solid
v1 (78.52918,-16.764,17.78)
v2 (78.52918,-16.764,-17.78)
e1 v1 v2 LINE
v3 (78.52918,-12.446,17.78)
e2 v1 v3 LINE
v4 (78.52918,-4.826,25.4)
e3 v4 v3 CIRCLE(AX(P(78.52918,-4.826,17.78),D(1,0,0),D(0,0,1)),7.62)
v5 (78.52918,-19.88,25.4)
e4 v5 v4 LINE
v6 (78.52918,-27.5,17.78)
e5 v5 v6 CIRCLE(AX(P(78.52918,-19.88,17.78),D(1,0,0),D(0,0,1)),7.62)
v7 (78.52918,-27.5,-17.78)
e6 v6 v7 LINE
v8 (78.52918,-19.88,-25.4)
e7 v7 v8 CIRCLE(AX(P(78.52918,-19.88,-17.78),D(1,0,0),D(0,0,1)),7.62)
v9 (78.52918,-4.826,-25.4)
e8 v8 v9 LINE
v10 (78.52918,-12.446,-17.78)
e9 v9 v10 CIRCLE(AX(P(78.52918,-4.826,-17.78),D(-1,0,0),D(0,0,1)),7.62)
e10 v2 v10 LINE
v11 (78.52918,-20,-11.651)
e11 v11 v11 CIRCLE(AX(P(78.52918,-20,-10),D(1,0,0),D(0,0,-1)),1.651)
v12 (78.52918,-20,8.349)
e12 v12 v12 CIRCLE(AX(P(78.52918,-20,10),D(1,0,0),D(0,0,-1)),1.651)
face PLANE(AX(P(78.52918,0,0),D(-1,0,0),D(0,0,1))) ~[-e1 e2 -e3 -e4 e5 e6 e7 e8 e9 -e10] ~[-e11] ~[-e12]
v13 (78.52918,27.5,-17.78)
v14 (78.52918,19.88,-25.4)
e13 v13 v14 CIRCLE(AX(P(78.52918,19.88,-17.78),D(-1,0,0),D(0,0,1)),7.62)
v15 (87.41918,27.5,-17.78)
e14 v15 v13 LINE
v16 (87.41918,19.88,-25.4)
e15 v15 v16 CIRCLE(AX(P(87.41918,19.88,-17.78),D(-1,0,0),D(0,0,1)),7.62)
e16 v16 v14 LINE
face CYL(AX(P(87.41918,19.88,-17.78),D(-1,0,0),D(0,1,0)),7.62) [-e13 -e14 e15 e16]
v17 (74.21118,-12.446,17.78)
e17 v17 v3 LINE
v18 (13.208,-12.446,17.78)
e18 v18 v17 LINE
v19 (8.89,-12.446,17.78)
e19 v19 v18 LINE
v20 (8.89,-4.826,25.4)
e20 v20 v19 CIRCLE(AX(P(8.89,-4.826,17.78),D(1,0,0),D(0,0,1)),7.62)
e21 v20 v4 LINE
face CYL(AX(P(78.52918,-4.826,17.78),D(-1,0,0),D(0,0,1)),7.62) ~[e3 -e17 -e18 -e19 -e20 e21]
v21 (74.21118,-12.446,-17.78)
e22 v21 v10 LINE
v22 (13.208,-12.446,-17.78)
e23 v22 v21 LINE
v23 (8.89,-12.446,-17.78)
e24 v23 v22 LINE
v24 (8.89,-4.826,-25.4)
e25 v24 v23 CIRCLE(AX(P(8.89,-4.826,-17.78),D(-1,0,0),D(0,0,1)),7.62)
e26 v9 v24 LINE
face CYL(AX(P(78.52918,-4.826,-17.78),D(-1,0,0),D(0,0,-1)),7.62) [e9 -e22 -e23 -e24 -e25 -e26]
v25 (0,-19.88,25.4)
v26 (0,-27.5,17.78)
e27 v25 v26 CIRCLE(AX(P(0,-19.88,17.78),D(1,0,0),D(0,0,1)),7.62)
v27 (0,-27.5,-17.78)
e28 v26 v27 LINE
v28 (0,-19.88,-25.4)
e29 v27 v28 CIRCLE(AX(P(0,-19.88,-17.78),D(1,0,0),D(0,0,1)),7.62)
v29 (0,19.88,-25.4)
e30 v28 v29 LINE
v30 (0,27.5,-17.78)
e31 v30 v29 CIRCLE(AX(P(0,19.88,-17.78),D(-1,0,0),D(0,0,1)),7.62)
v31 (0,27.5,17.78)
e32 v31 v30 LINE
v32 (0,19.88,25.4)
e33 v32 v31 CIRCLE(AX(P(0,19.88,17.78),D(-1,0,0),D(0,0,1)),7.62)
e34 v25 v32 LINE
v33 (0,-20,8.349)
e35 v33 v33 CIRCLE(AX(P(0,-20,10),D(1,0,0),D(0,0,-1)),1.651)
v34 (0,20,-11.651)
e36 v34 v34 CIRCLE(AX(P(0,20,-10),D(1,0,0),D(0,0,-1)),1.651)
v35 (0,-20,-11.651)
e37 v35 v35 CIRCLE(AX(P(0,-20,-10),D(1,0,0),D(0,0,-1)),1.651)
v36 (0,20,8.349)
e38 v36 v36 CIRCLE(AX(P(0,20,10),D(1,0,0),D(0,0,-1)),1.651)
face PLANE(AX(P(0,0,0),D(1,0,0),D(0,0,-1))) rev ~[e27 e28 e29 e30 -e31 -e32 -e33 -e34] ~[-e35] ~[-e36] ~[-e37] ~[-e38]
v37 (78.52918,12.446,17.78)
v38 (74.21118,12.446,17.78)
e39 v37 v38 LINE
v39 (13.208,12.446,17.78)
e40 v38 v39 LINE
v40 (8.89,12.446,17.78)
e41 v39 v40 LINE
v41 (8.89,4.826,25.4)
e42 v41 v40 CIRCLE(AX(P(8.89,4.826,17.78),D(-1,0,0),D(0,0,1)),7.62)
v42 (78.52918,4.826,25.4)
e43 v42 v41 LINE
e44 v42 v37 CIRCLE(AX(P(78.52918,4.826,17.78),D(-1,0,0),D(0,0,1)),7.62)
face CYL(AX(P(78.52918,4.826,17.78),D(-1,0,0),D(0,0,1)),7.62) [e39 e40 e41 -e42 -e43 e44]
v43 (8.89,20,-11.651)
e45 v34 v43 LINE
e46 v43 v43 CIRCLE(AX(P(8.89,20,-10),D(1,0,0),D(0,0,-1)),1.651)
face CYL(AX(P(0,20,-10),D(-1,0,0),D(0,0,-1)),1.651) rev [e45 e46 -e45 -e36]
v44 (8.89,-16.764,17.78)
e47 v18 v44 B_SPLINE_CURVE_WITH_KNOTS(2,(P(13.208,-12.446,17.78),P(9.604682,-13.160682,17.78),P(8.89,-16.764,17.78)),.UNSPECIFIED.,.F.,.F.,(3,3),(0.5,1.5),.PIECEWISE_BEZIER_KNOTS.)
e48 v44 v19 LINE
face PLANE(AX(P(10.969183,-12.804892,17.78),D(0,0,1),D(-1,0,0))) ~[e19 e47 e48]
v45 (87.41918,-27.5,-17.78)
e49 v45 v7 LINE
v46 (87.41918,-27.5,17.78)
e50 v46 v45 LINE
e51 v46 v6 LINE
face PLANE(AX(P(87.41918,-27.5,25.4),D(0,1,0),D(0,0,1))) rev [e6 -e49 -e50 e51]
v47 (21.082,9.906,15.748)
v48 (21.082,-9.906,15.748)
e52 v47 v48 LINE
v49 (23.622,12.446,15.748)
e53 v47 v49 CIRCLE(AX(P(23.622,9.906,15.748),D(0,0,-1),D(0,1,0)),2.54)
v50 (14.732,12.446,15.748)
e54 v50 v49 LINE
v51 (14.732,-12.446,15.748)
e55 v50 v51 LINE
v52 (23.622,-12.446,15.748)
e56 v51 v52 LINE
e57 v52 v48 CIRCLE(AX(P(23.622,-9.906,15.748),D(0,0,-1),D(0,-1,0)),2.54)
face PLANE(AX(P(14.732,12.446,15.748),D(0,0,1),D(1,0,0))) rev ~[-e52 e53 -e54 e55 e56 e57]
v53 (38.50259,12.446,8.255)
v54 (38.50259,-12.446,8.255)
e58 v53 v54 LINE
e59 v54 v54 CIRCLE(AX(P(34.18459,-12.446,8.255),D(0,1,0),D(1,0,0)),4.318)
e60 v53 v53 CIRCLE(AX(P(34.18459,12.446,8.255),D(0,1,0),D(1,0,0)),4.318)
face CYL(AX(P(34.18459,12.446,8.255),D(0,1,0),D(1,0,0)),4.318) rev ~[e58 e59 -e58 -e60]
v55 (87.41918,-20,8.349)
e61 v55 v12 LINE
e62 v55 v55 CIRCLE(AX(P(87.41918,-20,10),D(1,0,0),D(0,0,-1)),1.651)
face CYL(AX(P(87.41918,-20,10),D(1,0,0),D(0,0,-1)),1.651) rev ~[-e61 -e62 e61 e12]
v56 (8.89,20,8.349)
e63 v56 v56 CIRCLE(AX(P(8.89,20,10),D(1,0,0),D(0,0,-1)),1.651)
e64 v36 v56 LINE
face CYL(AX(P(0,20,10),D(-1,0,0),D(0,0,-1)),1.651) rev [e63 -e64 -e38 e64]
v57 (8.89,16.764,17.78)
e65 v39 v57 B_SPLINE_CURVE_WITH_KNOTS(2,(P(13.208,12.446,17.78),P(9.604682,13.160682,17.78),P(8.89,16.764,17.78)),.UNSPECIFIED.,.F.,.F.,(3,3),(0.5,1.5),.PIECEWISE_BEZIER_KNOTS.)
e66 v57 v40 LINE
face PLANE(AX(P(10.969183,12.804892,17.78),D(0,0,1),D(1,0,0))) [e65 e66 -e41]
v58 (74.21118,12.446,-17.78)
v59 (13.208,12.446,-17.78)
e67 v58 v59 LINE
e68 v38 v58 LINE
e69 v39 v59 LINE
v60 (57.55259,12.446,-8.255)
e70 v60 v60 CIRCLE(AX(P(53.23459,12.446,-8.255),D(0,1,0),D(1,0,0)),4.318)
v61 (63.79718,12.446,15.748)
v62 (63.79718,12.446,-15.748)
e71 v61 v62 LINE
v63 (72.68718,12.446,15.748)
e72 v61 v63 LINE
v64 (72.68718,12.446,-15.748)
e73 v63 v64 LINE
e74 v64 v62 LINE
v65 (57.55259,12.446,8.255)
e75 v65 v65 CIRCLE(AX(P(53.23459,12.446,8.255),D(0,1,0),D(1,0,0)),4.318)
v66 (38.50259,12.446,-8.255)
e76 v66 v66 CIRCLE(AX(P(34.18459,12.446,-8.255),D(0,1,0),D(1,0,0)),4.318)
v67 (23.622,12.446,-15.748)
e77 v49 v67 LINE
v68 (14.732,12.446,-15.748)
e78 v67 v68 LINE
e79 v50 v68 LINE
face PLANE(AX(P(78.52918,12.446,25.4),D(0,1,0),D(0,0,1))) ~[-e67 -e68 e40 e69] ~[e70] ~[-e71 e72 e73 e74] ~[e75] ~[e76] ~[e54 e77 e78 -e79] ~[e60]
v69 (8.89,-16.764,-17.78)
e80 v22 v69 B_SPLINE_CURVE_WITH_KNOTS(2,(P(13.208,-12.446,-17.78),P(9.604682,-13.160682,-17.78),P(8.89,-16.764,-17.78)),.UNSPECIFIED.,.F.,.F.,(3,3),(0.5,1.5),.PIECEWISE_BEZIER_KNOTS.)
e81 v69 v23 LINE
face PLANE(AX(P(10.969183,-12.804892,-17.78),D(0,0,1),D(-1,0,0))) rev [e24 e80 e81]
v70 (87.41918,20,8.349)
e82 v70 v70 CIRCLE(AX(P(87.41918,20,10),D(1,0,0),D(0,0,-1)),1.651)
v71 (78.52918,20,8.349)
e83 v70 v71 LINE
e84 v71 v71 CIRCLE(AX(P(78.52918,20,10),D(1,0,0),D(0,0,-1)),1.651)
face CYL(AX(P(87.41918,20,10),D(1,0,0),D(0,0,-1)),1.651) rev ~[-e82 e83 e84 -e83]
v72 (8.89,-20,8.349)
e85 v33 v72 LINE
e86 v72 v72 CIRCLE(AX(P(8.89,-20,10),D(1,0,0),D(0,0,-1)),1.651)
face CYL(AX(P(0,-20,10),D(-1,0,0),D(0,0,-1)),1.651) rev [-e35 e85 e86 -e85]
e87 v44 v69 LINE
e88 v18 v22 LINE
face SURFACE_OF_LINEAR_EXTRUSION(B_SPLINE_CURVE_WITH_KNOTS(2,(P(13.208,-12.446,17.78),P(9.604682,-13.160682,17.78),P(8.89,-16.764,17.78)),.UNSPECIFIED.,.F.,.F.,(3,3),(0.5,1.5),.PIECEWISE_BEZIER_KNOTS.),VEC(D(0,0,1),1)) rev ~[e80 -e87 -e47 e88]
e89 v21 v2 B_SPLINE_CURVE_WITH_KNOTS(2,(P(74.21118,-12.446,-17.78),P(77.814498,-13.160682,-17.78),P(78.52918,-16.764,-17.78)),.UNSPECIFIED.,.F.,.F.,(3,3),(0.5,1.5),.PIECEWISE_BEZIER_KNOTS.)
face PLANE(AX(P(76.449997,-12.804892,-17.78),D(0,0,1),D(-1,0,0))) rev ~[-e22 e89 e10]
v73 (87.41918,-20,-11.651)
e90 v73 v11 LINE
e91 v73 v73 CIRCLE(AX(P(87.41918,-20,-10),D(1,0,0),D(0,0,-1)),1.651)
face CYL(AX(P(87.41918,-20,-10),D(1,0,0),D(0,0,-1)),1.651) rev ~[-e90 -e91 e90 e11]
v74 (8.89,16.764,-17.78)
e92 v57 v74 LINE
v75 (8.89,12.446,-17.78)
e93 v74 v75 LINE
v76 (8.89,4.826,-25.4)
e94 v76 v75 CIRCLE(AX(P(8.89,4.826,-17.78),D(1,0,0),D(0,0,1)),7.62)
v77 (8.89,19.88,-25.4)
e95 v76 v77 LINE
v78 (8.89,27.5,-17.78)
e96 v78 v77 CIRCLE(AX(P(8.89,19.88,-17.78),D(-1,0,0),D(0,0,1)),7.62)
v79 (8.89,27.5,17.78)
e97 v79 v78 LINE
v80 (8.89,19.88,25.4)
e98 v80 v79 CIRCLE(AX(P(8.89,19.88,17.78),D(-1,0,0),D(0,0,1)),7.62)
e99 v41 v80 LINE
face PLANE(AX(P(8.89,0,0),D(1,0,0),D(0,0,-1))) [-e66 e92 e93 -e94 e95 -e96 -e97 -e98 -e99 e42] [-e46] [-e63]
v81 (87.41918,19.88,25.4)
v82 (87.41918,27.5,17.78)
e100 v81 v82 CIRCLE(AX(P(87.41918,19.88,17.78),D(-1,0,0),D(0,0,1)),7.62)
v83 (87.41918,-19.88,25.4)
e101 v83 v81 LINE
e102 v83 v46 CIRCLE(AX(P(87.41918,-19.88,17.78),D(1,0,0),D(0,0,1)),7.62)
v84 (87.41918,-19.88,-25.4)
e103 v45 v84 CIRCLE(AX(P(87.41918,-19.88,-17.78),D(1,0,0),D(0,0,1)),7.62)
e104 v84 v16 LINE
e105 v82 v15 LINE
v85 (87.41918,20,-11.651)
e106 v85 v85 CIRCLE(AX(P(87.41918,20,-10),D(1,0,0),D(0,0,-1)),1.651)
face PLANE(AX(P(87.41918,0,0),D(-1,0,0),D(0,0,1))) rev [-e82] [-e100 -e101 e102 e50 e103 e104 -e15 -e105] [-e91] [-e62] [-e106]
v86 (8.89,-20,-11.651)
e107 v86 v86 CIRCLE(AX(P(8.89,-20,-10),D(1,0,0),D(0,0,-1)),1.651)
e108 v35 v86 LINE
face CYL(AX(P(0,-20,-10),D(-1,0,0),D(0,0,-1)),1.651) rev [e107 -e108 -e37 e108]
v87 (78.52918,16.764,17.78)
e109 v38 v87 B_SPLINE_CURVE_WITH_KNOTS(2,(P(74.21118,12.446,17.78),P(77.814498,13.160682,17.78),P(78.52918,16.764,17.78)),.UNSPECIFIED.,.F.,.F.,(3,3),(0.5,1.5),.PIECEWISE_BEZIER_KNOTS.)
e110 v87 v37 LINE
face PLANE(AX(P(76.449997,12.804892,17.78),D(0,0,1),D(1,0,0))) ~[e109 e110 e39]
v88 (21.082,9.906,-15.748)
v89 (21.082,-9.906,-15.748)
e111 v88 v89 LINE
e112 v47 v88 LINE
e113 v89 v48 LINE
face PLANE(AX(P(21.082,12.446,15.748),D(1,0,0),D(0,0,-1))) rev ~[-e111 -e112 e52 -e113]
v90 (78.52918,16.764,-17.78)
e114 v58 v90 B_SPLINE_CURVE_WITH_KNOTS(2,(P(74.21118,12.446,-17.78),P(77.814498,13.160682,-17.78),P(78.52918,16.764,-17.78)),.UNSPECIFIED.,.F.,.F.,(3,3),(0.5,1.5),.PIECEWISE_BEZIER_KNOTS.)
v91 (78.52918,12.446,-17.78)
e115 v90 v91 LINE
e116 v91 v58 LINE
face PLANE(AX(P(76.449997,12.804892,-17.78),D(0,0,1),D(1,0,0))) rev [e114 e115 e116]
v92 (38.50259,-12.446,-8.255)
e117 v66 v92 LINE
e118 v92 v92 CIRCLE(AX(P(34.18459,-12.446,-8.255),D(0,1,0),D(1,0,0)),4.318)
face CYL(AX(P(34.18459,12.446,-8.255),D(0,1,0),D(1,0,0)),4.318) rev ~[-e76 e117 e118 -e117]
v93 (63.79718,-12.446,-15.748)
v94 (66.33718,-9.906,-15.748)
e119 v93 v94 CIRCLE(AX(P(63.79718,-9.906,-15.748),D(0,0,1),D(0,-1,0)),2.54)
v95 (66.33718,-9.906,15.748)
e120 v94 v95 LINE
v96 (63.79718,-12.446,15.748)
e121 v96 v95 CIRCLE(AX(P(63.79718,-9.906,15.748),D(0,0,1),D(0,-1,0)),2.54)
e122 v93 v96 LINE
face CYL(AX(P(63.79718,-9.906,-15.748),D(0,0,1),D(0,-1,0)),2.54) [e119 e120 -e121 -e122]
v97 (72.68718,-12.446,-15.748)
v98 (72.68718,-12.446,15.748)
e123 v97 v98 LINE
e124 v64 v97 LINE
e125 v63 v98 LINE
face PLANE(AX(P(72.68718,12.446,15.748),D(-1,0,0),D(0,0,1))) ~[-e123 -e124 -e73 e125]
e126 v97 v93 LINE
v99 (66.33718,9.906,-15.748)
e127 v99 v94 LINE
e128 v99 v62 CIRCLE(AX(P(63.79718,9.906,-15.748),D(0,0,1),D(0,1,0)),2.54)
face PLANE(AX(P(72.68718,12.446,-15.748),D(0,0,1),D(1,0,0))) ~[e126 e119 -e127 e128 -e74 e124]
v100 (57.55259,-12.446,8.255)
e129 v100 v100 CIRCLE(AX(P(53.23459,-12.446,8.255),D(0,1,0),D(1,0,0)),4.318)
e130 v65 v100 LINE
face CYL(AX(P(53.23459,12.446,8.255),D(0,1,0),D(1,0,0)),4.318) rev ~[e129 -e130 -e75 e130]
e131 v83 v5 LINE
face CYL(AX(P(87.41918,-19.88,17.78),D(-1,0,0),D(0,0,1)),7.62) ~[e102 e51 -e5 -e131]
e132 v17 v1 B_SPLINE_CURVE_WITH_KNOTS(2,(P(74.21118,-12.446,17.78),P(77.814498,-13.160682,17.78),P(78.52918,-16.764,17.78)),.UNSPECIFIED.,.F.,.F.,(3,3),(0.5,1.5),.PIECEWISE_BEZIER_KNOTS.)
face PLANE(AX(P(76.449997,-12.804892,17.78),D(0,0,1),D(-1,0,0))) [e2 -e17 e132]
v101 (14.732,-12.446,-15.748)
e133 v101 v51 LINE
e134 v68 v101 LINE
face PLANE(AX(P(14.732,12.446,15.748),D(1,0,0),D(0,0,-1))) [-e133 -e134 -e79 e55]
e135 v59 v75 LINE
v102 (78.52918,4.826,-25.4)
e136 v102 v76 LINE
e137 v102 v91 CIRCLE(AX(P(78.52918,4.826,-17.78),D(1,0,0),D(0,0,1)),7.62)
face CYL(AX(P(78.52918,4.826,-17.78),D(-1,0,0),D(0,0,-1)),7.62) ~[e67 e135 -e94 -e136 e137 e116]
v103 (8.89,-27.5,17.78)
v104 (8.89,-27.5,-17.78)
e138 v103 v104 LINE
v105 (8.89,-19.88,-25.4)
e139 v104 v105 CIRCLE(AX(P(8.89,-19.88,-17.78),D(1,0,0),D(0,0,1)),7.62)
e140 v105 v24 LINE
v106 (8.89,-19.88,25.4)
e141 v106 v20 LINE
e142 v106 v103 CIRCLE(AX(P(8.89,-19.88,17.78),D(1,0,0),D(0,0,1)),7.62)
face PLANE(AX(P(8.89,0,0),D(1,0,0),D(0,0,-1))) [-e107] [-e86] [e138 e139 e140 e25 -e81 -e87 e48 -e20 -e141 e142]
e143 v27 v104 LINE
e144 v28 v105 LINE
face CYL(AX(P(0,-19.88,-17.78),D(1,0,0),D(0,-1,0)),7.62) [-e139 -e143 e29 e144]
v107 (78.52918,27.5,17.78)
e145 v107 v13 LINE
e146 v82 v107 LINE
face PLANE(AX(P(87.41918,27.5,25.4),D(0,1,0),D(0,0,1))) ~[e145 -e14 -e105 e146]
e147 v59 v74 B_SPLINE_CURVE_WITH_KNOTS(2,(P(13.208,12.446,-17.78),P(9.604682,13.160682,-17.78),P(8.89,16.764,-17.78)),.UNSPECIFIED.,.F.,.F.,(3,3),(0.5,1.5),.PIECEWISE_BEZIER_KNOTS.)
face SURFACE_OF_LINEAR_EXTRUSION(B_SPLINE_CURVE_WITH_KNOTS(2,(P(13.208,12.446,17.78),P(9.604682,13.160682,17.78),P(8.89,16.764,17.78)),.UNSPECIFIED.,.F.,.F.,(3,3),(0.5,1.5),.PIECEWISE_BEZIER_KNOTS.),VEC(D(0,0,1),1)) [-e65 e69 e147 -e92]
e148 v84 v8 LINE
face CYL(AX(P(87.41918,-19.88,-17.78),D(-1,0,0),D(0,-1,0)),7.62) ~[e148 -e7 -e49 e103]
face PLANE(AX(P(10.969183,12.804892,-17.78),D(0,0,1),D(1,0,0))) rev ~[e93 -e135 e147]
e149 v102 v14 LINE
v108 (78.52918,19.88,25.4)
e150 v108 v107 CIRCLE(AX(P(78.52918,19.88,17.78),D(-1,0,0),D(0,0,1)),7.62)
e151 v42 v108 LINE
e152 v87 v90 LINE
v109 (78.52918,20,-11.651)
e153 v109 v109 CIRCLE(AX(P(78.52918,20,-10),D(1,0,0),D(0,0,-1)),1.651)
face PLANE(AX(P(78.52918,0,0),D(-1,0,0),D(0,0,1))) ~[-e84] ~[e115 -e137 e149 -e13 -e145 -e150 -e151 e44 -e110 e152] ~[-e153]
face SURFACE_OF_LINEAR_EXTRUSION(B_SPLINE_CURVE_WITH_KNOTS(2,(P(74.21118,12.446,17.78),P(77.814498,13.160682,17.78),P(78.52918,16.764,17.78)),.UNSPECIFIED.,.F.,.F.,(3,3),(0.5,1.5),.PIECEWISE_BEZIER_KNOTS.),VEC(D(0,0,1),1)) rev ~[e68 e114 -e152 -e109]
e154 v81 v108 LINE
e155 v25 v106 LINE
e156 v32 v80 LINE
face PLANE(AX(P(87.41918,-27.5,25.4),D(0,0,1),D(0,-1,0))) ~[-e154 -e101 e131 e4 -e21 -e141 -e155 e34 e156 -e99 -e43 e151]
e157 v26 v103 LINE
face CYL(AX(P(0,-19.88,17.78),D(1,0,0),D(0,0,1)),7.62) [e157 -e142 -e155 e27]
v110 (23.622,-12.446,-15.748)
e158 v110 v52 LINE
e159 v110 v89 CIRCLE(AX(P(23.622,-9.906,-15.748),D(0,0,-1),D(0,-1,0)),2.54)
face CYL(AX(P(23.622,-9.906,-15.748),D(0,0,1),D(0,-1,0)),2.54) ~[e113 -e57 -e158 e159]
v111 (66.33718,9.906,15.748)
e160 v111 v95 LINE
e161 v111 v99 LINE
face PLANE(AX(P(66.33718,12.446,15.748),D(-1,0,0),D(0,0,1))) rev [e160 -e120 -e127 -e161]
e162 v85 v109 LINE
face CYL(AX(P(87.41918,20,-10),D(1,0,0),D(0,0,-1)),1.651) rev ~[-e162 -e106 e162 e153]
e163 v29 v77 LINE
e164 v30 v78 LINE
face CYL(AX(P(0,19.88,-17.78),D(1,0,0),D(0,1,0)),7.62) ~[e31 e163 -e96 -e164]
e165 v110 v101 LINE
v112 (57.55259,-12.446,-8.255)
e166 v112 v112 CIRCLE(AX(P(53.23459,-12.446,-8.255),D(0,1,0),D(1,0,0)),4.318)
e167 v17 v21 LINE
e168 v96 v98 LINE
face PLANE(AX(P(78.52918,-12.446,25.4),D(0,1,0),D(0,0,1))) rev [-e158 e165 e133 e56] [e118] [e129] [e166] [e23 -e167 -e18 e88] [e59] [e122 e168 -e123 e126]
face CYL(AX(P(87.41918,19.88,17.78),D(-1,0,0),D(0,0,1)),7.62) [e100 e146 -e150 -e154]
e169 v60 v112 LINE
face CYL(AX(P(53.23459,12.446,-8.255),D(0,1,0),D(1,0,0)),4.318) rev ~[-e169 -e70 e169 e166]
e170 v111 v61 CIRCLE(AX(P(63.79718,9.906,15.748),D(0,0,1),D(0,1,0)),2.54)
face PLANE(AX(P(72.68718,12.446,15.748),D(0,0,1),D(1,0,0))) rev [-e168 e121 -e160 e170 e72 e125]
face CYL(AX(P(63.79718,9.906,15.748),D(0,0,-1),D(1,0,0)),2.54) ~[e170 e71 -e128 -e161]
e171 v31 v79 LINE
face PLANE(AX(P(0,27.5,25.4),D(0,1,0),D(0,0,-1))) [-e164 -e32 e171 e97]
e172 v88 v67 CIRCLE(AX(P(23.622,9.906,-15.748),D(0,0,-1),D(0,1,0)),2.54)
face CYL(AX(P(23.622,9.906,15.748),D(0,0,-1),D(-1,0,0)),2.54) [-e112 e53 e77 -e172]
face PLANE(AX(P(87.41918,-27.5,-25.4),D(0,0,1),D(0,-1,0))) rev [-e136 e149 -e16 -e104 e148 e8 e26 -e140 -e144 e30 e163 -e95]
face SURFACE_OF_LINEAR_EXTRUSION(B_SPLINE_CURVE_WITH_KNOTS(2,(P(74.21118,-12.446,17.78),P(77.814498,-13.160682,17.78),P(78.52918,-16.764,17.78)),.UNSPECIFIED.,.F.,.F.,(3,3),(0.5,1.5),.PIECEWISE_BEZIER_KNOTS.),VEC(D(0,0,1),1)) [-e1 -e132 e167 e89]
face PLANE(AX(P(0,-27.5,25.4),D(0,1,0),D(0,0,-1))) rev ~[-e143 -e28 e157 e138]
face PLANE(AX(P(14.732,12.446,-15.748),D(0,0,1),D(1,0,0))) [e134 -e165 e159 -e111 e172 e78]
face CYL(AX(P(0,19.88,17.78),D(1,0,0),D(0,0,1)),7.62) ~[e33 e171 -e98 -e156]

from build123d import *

# Parameters (mm, degrees)
SKETCH1_W            = 50.8
SKETCH1_H            = 55
SKETCH1_R            = 1.651
BOSS_EXTRUDE1_DEPTH  = 8.89
FILLET1_R            = 7.62
SKETCH2_W            = 50.8
SKETCH2_H            = 24.892
BOSS_EXTRUDE2_DEPTH  = 34.81959
FILLET2_R            = 7.62
SKETCH7_R            = 4.318
CUT_EXTRUDE4_DEPTH   = 40.946
BOSS_EXTRUDE4_START  = -7.62
BOSS_EXTRUDE4_DEPTH  = 35.56
MIRROR9_START        = -7.62
MIRROR9_COPY_1_DEPTH = 35.56
SKETCH10_W           = 6.35
SKETCH10_H           = 31.496
CUT_EXTRUDE5_DEPTH   = 40.946
FILLET4_R            = 2.54


with BuildPart() as part:
    # Sketch1 → Boss-Extrude1 (new body)
    with BuildSketch(Plane(origin=(0, 0, 0), x_dir=(0, 0, -1), z_dir=(1, 0, 0))):
        Rectangle(SKETCH1_W, SKETCH1_H)
        with Locations((-10, 20)):
            Circle(SKETCH1_R, mode=Mode.SUBTRACT)
        with Locations((10, 20)):
            Circle(SKETCH1_R, mode=Mode.SUBTRACT)
        with Locations((-10, -20)):
            Circle(SKETCH1_R, mode=Mode.SUBTRACT)
        with Locations((10, -20)):
            Circle(SKETCH1_R, mode=Mode.SUBTRACT)
    extrude(amount=BOSS_EXTRUDE1_DEPTH)

    # Fillet1
    fillet1_edges = [part.edges().sort_by_distance(p)[0] for p in [
        (4.445, 27.5, 25.4),
        (4.445, 27.5, -25.4),
        (4.445, -27.5, -25.4),
        (4.445, -27.5, 25.4),
    ]]
    fillet(fillet1_edges, radius=FILLET1_R)

    # Sketch2 → Boss-Extrude2 (add)
    with BuildSketch(Plane(origin=(8.89, 0, 0), x_dir=(0, 0, -1), z_dir=(1, 0, 0))):
        Rectangle(SKETCH2_W, SKETCH2_H)
    extrude(amount=BOSS_EXTRUDE2_DEPTH)

    # Fillet2
    fillet2_edges = [part.edges().sort_by_distance(p)[0] for p in [
        (26.299795, 12.446, 25.4),
        (26.299795, -12.446, 25.4),
        (26.299795, -12.446, -25.4),
        (26.299795, 12.446, -25.4),
    ]]
    fillet(fillet2_edges, radius=FILLET2_R)

    # Mirror6: part across plane


with BuildPart() as part_1:
    add(part.part)
    add(part.part.mirror(Plane(origin=(43.70959, 0, 0), x_dir=(0, 0, 1), z_dir=(1, 0, 0))))

    # Sketch7 → Cut-Extrude4 (cut, through all)
    with BuildSketch(Plane(origin=(0, 12.446, 0), x_dir=(1, 0, 0), z_dir=(0, 1, 0))):
        with Locations((34.18459, 8.255)):
            Circle(SKETCH7_R)
        with Locations((34.18459, -8.255)):
            Circle(SKETCH7_R)
        with Locations((53.23459, 8.255)):
            Circle(SKETCH7_R)
        with Locations((53.23459, -8.255)):
            Circle(SKETCH7_R)
    extrude(amount=-CUT_EXTRUDE4_DEPTH, mode=Mode.SUBTRACT)

    # Sketch9 → Boss-Extrude4 (add)
    with BuildSketch(Plane.XY.offset(25.4).offset(BOSS_EXTRUDE4_START)):
        with BuildLine():
            Line((10.326840979, 13.882840979), (8.89, 12.446))
            Line((8.89, 12.446), (13.208, 12.446))
            add(Edge.make_bspline(
                [(10.326840979, 13.882840979), (11.406340979, 12.803340979), (13.208, 12.446)],
                knots=[0.5, 0.5, 0.5, 1, 1, 1], degree=2))
        make_face()
        with BuildLine():
            add(Edge.make_bspline(
                [(8.89, 16.764), (9.247340979, 14.962340979), (10.326840979, 13.882840979)],
                knots=[0, 0, 0, 0.5, 0.5, 0.5], degree=2))
            Line((8.89, 16.764), (8.89, 12.446))
            Line((8.89, 12.446), (10.326840979, 13.882840979))
        make_face()
    boss_extrude4 = extrude(amount=-BOSS_EXTRUDE4_DEPTH)

    # Mirror8: Boss-Extrude4 across plane
    add(boss_extrude4.mirror(Plane.ZX))

    # Mirror9: Boss-Extrude4 across plane
    add(boss_extrude4.mirror(Plane(origin=(43.70959, 0, 0), x_dir=(0, 0, 1), z_dir=(1, 0, 0))))

    # Mirror9 copy 1 sketch → Mirror9 copy 1 (add)
    with BuildSketch(Plane(origin=(87.41918, 0, 25.4), x_dir=(-1, 0, 0), z_dir=(0, 0, 1)).offset(MIRROR9_START)):
        with BuildLine():
            Line((10.326840979, 13.882840979), (8.89, 12.446))
            Line((8.89, 12.446), (13.208, 12.446))
            add(Edge.make_bspline(
                [(10.326840979, 13.882840979), (11.406340979, 12.803340979), (13.208, 12.446)],
                knots=[0.5, 0.5, 0.5, 1, 1, 1], degree=2))
        make_face()
        with BuildLine():
            add(Edge.make_bspline(
                [(8.89, 16.764), (9.247340979, 14.962340979), (10.326840979, 13.882840979)],
                knots=[0, 0, 0, 0.5, 0.5, 0.5], degree=2))
            Line((8.89, 16.764), (8.89, 12.446))
            Line((8.89, 12.446), (10.326840979, 13.882840979))
        make_face()
    extrude(amount=-MIRROR9_COPY_1_DEPTH)

    # Sketch10 → Cut-Extrude5 (cut, through all)
    with BuildSketch(Plane(origin=(0, 12.446, 0), x_dir=(1, 0, 0), z_dir=(0, 1, 0))):
        with Locations((17.907, 0)):
            Rectangle(SKETCH10_W, SKETCH10_H)
    cut_extrude5 = extrude(amount=-CUT_EXTRUDE5_DEPTH, mode=Mode.SUBTRACT)

    # Mirror10: Cut-Extrude5 across plane
    add(cut_extrude5.mirror(Plane(origin=(43.70959, 0, 0), x_dir=(0, 0, 1), z_dir=(1, 0, 0))), mode=Mode.SUBTRACT)

    # Fillet4
    fillet4_edges = [part_1.edges().sort_by_distance(p)[0] for p in [
        (21.082, -12.446, 0),
        (21.082, 12.446, 0),
        (66.33718, 12.446, 0),
        (66.33718, -12.446, 0),
    ]]
    fillet(fillet4_edges, radius=FILLET4_R)


solid = part_1.part
